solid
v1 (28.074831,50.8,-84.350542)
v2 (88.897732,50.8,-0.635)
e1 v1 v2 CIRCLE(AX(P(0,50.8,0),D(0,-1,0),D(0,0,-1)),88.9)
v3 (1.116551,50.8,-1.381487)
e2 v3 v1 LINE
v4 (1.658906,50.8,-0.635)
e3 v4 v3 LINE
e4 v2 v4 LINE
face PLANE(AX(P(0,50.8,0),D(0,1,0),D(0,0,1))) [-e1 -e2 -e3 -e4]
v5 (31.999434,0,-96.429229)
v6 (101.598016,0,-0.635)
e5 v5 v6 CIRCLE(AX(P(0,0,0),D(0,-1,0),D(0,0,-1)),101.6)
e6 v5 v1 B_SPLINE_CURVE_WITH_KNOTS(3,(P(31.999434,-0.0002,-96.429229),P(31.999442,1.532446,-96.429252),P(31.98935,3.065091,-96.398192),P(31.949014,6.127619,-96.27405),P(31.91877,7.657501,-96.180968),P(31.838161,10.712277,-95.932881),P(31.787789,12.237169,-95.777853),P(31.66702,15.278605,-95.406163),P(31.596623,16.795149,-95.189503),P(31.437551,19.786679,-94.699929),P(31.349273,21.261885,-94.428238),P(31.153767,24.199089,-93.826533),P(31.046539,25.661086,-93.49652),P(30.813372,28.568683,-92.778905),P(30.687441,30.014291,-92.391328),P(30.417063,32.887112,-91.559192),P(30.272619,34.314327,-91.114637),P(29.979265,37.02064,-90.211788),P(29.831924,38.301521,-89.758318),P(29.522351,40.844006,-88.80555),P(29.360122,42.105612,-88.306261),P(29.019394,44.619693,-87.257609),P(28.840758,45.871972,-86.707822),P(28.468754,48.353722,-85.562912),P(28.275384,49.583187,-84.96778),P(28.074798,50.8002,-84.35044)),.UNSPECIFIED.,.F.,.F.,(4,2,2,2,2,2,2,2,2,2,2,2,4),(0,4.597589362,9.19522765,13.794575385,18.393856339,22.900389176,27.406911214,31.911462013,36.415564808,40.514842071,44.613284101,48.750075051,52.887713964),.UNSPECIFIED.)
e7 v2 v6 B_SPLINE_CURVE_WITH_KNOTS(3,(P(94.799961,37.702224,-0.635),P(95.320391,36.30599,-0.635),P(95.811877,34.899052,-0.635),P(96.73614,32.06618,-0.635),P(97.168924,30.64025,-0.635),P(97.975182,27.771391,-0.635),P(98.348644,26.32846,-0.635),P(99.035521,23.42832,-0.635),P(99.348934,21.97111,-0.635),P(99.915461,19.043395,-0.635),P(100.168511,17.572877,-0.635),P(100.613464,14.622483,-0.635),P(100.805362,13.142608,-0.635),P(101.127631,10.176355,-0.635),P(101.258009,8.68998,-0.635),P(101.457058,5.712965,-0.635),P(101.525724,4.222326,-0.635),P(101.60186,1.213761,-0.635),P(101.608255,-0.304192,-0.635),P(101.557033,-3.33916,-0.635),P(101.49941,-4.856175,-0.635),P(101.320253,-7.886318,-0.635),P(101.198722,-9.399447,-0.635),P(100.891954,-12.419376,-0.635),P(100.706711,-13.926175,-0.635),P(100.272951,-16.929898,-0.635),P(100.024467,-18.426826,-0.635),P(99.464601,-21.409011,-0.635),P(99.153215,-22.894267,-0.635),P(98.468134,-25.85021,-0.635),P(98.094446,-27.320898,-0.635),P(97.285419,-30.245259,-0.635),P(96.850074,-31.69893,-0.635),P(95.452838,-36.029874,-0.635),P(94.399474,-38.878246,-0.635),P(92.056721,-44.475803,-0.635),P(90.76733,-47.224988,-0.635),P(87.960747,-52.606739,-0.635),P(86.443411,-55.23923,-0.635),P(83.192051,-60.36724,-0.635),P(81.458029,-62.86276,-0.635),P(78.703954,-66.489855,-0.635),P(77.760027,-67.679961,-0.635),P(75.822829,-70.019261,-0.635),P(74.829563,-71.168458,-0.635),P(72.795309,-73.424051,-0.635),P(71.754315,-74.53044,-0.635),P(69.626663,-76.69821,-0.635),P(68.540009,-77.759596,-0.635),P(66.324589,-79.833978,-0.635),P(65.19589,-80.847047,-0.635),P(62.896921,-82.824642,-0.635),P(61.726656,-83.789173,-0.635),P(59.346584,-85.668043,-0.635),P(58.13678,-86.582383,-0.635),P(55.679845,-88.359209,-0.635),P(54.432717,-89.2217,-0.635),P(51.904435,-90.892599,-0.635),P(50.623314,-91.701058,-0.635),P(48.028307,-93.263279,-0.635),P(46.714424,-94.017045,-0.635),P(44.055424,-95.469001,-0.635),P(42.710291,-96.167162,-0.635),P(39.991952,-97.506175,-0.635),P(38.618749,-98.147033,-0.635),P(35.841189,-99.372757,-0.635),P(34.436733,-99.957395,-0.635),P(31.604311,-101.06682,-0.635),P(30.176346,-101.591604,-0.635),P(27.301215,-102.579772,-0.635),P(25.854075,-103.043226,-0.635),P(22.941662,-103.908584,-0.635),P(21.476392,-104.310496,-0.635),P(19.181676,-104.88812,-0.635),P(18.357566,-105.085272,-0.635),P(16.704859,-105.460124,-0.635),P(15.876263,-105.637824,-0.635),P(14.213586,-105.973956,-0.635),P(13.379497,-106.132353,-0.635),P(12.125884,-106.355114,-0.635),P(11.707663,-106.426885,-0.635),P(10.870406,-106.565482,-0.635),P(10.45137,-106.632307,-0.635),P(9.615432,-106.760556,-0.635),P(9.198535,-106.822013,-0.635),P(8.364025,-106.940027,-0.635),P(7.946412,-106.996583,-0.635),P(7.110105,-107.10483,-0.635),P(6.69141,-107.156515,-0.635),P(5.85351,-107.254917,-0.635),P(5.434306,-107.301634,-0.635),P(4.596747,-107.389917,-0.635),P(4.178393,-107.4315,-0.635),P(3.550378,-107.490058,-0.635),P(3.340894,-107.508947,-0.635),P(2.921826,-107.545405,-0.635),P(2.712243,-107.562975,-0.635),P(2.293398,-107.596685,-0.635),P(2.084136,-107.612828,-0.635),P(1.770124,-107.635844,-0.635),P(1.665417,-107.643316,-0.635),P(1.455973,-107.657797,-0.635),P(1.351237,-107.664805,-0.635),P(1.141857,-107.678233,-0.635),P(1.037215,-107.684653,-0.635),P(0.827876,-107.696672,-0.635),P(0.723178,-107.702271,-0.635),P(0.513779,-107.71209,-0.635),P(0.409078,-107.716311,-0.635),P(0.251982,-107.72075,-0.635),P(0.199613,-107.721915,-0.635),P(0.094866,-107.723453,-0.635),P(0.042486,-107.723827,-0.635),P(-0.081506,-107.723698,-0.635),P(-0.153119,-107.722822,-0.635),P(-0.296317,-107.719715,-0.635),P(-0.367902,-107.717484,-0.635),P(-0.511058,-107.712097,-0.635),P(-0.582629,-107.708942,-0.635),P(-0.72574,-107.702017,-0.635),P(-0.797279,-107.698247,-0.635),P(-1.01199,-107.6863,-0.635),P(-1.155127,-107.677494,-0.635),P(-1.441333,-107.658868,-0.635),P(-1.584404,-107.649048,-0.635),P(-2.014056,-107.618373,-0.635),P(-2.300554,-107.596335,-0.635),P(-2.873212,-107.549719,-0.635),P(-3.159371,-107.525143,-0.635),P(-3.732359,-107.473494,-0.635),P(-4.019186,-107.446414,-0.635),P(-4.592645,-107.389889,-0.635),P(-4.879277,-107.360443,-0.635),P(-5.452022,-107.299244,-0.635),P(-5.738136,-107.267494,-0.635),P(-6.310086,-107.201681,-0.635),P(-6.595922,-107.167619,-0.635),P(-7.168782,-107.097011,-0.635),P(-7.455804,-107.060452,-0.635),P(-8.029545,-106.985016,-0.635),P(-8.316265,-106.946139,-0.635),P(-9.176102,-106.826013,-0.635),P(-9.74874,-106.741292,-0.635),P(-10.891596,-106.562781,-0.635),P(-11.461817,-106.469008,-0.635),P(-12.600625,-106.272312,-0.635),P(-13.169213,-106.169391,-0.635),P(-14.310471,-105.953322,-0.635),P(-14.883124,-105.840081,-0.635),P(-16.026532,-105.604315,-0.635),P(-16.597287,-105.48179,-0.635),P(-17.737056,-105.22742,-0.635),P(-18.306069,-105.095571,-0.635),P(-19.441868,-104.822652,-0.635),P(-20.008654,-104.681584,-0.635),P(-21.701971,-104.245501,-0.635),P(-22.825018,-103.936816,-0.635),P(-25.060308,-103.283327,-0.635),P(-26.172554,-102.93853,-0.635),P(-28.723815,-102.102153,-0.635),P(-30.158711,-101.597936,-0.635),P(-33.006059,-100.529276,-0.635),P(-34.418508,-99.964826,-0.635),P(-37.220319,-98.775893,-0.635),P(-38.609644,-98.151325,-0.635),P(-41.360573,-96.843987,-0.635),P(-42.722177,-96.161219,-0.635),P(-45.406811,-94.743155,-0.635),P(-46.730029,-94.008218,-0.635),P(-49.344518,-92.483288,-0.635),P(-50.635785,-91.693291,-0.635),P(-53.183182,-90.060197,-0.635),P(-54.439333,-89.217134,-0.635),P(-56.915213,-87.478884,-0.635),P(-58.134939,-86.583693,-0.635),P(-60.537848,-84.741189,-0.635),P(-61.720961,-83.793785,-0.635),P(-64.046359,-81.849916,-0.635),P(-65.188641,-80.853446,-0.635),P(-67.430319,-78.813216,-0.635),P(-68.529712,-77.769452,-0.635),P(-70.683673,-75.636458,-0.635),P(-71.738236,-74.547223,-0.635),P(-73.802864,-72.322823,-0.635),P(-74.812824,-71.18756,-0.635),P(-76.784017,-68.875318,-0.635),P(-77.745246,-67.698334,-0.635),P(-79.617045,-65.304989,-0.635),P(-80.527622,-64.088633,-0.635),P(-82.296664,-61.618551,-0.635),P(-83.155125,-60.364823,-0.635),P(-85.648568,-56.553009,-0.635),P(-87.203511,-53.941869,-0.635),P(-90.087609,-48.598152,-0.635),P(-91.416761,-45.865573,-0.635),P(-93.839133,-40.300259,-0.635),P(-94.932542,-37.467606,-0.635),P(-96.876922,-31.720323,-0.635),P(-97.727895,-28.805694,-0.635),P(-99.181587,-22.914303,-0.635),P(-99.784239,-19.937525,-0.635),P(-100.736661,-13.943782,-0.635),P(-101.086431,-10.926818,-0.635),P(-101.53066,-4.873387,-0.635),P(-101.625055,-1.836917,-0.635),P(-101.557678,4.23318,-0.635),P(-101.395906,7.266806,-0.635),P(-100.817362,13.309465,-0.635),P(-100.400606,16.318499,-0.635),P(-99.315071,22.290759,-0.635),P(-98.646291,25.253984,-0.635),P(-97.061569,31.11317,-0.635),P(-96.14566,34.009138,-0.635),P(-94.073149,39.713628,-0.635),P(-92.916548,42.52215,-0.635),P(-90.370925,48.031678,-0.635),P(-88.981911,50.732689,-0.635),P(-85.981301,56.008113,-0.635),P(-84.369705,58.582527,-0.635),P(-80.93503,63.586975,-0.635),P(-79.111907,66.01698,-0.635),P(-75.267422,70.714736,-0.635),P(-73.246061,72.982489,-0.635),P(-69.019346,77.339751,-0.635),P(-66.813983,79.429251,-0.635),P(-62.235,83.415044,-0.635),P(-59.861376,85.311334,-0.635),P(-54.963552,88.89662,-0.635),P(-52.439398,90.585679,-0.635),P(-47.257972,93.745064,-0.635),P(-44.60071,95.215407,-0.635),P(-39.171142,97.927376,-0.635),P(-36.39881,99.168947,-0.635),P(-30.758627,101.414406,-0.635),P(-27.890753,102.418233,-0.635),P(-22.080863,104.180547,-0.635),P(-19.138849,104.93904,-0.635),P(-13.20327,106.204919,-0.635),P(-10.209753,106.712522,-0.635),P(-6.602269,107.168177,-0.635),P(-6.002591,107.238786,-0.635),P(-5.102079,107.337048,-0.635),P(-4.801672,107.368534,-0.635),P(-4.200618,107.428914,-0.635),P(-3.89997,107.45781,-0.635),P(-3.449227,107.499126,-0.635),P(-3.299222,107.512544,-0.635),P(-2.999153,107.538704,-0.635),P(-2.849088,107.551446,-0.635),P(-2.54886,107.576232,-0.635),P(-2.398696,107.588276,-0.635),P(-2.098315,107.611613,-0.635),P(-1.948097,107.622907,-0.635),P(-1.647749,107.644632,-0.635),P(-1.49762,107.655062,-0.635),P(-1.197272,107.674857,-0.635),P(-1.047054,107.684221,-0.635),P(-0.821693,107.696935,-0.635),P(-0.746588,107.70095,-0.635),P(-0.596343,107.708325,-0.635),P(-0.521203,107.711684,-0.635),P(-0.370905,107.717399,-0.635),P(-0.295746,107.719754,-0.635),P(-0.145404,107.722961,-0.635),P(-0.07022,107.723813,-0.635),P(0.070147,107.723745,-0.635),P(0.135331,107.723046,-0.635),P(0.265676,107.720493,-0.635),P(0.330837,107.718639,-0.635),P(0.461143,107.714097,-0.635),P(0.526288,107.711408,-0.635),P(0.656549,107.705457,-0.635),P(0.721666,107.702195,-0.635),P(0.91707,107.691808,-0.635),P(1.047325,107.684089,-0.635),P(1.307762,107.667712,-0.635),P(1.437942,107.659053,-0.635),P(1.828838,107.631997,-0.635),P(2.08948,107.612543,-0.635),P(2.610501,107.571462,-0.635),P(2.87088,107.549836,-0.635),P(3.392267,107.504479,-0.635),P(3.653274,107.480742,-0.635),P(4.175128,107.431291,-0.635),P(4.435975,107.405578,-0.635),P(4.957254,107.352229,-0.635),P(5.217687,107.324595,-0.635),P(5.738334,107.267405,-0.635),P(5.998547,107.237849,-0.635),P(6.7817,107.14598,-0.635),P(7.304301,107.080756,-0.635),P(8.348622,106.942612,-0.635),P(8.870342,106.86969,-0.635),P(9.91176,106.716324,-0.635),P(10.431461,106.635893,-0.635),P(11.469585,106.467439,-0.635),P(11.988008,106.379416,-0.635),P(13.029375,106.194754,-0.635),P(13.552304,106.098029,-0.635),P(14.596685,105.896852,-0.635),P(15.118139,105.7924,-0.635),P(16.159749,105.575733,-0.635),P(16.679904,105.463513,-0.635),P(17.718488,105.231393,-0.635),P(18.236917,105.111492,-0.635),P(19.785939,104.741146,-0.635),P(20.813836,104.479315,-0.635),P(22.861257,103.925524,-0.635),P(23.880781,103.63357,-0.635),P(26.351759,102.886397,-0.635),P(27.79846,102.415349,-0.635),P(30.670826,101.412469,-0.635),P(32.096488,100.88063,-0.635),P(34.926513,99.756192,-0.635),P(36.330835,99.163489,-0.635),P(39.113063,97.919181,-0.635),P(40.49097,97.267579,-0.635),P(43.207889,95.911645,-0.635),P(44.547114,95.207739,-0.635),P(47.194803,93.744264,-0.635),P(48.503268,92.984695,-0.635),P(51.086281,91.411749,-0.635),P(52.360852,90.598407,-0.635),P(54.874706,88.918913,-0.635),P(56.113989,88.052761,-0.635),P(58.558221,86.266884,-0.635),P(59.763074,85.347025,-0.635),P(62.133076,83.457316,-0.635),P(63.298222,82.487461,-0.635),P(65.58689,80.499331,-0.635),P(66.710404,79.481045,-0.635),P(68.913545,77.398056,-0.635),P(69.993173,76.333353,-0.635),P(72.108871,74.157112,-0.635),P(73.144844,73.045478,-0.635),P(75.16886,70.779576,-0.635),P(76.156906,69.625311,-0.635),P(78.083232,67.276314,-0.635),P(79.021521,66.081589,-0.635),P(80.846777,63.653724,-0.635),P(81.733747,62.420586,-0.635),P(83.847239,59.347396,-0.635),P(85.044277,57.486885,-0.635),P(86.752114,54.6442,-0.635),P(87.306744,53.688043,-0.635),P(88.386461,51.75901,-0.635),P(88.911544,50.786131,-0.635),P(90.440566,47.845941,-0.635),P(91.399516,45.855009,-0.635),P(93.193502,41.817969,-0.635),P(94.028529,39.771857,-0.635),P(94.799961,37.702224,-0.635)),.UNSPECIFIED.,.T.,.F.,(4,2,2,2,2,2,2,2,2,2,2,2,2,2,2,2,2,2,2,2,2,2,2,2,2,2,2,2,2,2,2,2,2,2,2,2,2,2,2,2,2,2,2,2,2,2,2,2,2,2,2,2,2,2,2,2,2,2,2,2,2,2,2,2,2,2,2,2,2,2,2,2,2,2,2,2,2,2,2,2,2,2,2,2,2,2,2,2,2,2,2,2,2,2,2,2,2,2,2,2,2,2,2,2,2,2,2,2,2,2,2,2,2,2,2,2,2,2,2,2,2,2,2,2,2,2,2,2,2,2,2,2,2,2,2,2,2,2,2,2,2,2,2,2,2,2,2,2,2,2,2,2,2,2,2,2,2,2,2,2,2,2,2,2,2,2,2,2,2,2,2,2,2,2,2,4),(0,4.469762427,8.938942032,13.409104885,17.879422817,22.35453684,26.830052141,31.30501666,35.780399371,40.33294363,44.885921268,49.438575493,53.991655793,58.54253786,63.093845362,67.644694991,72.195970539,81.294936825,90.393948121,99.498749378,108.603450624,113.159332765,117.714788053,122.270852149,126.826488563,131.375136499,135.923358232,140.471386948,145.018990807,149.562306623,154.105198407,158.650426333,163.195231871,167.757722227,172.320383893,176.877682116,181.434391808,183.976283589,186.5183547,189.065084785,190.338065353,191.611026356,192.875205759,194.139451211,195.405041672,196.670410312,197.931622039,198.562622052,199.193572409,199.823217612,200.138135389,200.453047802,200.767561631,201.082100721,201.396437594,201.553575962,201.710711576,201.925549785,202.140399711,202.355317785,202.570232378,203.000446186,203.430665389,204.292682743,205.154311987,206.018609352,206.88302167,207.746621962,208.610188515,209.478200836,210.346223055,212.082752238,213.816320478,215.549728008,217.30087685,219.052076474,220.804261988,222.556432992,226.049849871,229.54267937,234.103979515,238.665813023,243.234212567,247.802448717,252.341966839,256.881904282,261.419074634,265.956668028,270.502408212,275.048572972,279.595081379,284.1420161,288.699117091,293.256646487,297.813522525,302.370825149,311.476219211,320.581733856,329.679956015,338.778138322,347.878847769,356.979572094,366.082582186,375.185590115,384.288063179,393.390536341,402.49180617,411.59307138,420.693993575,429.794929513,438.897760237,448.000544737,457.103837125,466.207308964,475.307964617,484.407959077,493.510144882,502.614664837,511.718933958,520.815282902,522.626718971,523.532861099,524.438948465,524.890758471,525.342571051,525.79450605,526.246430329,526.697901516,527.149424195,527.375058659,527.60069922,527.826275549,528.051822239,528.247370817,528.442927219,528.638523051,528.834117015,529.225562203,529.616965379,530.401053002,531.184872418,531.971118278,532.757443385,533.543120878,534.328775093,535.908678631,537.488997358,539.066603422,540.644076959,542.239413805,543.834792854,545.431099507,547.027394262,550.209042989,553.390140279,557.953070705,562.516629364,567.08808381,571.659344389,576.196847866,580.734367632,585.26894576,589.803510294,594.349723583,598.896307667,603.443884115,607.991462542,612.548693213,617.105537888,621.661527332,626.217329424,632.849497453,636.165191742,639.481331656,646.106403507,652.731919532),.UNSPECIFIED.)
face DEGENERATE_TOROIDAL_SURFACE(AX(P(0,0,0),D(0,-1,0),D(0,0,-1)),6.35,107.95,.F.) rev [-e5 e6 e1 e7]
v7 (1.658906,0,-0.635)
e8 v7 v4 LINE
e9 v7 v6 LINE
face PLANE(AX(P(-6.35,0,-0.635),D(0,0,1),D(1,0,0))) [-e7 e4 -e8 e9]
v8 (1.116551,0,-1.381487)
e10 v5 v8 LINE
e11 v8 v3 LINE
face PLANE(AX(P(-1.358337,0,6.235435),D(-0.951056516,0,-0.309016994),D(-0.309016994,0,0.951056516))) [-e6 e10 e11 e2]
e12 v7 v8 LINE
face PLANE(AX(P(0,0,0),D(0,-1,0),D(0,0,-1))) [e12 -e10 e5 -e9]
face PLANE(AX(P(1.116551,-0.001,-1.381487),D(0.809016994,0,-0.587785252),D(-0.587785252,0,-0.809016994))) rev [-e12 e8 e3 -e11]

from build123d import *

# Parameters (mm, degrees)
REVOLVE1_ANGLE     = 72
CUT_EXTRUDE2_DEPTH = 0.635
CUT_EXTRUDE3_DEPTH = 0.635
CUT_EXTRUDE4_REACH = 151.001


with BuildPart() as part:
    # Sketch1 → Revolve1 (revolve)
    with BuildSketch(Plane.XY):
        with BuildLine():
            Line((0, 0), (0, 50.8))
            Line((0, 50.8), (88.9, 50.8))
            ThreePointArc((88.9, 50.8), (98.376882891, 26.181720723), (101.6, 0))
            Line((101.6, 0), (0, 0))
        make_face()
    revolve(axis=Axis((0, 0, 0), (0, 1, 0)), revolution_arc=REVOLVE1_ANGLE)

    # Sketch3 → Cut-Extrude2 (cut)
    with BuildSketch(Plane(origin=(0, 0, 0), x_dir=(-0.3090169943749449, 0, 0.9510565162951544), z_dir=(-0.9510565162951544, 0, -0.3090169943749449))):
        with BuildLine():
            Line((0, 50.8), (-88.9, 50.8))
            ThreePointArc((-88.9, 50.8), (-98.376882891, 26.181720723), (-101.6, 0))
            Line((-101.6, 0), (0, 0))
            Line((0, 0), (0, 50.8))
        make_face()
    extrude(amount=-CUT_EXTRUDE2_DEPTH, mode=Mode.SUBTRACT)

    # Sketch4 → Cut-Extrude3 (cut)
    with BuildSketch(Plane.XY):
        with BuildLine():
            Line((0.667678512, 50.8), (0.667678512, 0))
            Line((0.667678512, 0), (101.6, 0))
            ThreePointArc((101.6, 0), (98.376882891, 26.181720723), (88.9, 50.8))
            Line((88.9, 50.8), (0.667678512, 50.8))
        make_face()
    extrude(amount=-CUT_EXTRUDE3_DEPTH, mode=Mode.SUBTRACT)

    # Sketch5 → Cut-Extrude4 (cut, up to next)
    with BuildSketch(Plane(origin=(0, 50.8, 0), x_dir=(1, 0, 0), z_dir=(0, 1, 0)), mode=Mode.PRIVATE) as cut_extrude4_sk1:
        Polygon((1.658905685, 0.635), (0.874002519, 0.635), (1.116550937, 1.38148727), align=None)
    cut_extrude4_tool1 = extrude(cut_extrude4_sk1.sketch, amount=-CUT_EXTRUDE4_REACH, mode=Mode.PRIVATE) & part.part
    add(cut_extrude4_tool1.solids().sort_by_distance((1.216486, 50.8, -0.883829))[0], mode=Mode.SUBTRACT)


solid = part.part
